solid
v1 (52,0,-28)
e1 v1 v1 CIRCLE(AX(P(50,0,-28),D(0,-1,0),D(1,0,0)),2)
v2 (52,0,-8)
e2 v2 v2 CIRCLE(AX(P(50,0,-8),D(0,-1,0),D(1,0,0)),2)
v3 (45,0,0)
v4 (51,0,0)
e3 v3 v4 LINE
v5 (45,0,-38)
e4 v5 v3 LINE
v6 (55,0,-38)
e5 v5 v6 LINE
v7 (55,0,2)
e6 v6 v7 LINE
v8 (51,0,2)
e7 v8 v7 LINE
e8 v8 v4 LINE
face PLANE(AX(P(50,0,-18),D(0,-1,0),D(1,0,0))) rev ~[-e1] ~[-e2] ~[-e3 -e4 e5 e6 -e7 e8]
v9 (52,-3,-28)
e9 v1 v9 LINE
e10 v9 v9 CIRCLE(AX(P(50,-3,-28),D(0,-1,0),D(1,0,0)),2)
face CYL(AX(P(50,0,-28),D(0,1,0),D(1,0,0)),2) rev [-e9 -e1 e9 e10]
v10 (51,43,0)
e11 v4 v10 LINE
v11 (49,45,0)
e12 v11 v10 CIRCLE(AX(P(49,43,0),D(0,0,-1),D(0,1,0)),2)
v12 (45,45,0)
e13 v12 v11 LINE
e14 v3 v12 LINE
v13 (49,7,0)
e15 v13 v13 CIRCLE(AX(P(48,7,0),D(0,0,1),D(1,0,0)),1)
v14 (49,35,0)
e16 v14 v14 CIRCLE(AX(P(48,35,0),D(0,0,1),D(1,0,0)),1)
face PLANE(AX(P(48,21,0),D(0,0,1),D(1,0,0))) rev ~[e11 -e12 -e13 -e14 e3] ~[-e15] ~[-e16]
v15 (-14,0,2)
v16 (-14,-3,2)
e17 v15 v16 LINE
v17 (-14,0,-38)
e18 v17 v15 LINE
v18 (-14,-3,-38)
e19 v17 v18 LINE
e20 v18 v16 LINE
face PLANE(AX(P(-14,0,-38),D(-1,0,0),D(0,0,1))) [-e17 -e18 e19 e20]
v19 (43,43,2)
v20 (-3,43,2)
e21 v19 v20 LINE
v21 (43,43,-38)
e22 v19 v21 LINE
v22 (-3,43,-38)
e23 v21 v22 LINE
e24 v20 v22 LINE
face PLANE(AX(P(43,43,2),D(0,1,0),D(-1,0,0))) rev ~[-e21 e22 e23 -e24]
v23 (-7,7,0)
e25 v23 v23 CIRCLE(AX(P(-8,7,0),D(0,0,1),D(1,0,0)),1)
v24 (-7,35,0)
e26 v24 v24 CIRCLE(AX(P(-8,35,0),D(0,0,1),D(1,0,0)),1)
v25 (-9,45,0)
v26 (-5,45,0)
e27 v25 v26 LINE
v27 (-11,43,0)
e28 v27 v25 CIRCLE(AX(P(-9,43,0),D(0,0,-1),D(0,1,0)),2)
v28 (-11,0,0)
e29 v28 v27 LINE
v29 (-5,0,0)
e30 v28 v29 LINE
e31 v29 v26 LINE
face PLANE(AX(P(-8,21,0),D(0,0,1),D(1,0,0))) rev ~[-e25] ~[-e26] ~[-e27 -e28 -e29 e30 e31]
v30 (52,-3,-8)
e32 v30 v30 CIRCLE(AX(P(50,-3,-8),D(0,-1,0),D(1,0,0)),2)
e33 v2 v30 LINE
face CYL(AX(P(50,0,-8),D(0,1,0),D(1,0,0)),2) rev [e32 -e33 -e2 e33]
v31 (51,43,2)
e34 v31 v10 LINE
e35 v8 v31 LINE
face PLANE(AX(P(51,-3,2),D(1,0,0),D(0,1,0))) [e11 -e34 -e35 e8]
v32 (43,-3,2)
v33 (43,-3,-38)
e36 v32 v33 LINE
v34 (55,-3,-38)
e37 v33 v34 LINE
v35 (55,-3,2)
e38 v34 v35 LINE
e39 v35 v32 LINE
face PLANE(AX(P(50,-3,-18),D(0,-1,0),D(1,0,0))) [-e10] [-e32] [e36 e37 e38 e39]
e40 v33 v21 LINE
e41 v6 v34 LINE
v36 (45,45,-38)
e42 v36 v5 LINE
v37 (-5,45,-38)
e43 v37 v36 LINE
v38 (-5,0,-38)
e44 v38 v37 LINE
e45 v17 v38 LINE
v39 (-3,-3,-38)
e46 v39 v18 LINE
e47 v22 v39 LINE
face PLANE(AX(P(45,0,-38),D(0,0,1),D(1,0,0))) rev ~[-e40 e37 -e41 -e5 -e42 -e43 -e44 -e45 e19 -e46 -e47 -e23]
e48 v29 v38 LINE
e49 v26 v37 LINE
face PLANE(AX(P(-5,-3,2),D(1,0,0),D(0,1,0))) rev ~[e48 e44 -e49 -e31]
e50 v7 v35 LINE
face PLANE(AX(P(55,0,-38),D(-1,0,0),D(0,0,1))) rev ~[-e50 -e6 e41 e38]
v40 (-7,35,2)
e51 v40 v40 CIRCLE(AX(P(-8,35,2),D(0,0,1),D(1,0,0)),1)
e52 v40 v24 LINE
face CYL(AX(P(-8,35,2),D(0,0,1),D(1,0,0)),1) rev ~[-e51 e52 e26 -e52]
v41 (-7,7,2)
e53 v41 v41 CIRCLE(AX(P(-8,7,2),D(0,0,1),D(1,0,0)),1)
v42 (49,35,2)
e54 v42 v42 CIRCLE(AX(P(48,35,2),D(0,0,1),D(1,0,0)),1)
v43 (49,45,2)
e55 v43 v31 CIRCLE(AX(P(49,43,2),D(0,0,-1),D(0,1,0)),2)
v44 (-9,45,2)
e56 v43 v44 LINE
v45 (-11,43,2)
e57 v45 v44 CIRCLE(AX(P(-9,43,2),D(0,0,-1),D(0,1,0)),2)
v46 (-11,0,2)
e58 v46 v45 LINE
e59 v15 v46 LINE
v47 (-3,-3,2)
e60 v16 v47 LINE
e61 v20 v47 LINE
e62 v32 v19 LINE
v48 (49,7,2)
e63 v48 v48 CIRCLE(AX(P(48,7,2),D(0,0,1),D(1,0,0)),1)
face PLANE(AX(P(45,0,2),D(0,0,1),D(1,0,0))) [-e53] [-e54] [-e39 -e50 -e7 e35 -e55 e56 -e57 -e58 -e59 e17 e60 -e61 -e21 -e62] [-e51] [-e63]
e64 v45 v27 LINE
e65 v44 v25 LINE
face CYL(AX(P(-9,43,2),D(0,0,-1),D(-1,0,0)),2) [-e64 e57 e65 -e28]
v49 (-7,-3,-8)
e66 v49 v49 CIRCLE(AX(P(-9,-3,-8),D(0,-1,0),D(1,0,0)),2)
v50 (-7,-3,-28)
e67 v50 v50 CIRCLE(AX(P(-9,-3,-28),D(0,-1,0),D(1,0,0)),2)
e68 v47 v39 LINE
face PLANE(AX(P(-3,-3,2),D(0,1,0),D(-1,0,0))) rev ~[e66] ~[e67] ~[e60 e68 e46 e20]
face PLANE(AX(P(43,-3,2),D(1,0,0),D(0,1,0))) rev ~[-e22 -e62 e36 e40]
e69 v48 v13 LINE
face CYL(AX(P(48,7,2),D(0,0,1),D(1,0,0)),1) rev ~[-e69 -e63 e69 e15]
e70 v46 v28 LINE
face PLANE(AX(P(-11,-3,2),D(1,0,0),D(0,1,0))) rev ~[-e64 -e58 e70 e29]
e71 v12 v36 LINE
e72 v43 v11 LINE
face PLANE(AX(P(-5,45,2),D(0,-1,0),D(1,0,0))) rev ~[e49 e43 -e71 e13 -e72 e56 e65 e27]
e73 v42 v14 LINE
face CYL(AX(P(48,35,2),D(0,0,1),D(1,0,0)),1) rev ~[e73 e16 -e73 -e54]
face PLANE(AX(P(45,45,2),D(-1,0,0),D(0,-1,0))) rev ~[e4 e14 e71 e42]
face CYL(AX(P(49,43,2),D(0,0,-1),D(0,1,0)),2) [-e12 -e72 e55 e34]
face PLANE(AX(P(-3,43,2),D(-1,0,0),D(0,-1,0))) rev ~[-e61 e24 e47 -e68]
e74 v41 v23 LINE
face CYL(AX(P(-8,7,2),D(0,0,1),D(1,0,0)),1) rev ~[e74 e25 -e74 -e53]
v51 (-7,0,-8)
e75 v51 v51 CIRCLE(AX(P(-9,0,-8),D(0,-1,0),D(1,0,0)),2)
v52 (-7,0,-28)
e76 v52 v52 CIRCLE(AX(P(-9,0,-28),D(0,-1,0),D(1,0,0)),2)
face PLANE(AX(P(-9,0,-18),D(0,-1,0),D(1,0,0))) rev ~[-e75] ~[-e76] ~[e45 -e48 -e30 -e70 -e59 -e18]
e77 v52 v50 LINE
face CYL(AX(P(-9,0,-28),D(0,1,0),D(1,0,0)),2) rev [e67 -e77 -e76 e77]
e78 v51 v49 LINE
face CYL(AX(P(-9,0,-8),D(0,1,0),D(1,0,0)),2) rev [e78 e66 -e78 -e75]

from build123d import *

# Parameters (mm, degrees)
SKETCH012_W      = 10
SKETCH012_H      = 40
SKETCH012_R      = 2
EXTRUDE010_DEPTH = 3
EXTRUDE008_DEPTH = 40
SKETCH011_W      = 6
SKETCH011_H      = 48
SKETCH011_R      = 1
EXTRUDE009_DEPTH = 2
FILLET002_R      = 2


with BuildPart() as extrude010:
    # Sketch012 → Extrude010 (new body)
    with BuildSketch(Plane.XZ):
        with Locations((-9, -18)):
            Rectangle(SKETCH012_W, SKETCH012_H)
        with Locations((-9, -8)):
            Circle(SKETCH012_R, mode=Mode.SUBTRACT)
        with Locations((-9, -28)):
            Circle(SKETCH012_R, mode=Mode.SUBTRACT)
        with Locations((50, -18)):
            Rectangle(SKETCH012_W, SKETCH012_H)
        with Locations((50, -8)):
            Circle(SKETCH012_R, mode=Mode.SUBTRACT)
        with Locations((50, -28)):
            Circle(SKETCH012_R, mode=Mode.SUBTRACT)
    extrude(amount=EXTRUDE010_DEPTH)


with BuildPart() as extrude008:
    # Sketch007 → Extrude008 (new body)
    with BuildSketch(Plane.XY.offset(2)):
        Polygon((43, -3), (43, 43), (-3, 43), (-3, -3), (-5, -3), (-5, 45), (45, 45), (45, -3), align=None)
    extrude(amount=-EXTRUDE008_DEPTH)


with BuildPart() as fusion006:
    # Sketch011 → Extrude009 (new body)
    with BuildSketch(Plane.XY.offset(2)):
        with Locations((48, 21)):
            Rectangle(SKETCH011_W, SKETCH011_H)
        with Locations((48, 35)):
            Circle(SKETCH011_R, mode=Mode.SUBTRACT)
        with Locations((48, 7)):
            Circle(SKETCH011_R, mode=Mode.SUBTRACT)
        with Locations((-8, 21)):
            Rectangle(SKETCH011_W, SKETCH011_H)
        with Locations((-8, 7)):
            Circle(SKETCH011_R, mode=Mode.SUBTRACT)
        with Locations((-8, 35)):
            Circle(SKETCH011_R, mode=Mode.SUBTRACT)
    extrude(amount=-EXTRUDE009_DEPTH)

    # Fillet002
    fillet002_edges = [fusion006.edges().sort_by_distance(p)[0] for p in [
        (-11, 45, 1),
        (51, 45, 1),
    ]]
    fillet(fillet002_edges, radius=FILLET002_R)

    # Fusion005: union Extrude008
    add(extrude008.part)

    # Fusion006: union Extrude010
    add(extrude010.part)


solid = fusion006.part
